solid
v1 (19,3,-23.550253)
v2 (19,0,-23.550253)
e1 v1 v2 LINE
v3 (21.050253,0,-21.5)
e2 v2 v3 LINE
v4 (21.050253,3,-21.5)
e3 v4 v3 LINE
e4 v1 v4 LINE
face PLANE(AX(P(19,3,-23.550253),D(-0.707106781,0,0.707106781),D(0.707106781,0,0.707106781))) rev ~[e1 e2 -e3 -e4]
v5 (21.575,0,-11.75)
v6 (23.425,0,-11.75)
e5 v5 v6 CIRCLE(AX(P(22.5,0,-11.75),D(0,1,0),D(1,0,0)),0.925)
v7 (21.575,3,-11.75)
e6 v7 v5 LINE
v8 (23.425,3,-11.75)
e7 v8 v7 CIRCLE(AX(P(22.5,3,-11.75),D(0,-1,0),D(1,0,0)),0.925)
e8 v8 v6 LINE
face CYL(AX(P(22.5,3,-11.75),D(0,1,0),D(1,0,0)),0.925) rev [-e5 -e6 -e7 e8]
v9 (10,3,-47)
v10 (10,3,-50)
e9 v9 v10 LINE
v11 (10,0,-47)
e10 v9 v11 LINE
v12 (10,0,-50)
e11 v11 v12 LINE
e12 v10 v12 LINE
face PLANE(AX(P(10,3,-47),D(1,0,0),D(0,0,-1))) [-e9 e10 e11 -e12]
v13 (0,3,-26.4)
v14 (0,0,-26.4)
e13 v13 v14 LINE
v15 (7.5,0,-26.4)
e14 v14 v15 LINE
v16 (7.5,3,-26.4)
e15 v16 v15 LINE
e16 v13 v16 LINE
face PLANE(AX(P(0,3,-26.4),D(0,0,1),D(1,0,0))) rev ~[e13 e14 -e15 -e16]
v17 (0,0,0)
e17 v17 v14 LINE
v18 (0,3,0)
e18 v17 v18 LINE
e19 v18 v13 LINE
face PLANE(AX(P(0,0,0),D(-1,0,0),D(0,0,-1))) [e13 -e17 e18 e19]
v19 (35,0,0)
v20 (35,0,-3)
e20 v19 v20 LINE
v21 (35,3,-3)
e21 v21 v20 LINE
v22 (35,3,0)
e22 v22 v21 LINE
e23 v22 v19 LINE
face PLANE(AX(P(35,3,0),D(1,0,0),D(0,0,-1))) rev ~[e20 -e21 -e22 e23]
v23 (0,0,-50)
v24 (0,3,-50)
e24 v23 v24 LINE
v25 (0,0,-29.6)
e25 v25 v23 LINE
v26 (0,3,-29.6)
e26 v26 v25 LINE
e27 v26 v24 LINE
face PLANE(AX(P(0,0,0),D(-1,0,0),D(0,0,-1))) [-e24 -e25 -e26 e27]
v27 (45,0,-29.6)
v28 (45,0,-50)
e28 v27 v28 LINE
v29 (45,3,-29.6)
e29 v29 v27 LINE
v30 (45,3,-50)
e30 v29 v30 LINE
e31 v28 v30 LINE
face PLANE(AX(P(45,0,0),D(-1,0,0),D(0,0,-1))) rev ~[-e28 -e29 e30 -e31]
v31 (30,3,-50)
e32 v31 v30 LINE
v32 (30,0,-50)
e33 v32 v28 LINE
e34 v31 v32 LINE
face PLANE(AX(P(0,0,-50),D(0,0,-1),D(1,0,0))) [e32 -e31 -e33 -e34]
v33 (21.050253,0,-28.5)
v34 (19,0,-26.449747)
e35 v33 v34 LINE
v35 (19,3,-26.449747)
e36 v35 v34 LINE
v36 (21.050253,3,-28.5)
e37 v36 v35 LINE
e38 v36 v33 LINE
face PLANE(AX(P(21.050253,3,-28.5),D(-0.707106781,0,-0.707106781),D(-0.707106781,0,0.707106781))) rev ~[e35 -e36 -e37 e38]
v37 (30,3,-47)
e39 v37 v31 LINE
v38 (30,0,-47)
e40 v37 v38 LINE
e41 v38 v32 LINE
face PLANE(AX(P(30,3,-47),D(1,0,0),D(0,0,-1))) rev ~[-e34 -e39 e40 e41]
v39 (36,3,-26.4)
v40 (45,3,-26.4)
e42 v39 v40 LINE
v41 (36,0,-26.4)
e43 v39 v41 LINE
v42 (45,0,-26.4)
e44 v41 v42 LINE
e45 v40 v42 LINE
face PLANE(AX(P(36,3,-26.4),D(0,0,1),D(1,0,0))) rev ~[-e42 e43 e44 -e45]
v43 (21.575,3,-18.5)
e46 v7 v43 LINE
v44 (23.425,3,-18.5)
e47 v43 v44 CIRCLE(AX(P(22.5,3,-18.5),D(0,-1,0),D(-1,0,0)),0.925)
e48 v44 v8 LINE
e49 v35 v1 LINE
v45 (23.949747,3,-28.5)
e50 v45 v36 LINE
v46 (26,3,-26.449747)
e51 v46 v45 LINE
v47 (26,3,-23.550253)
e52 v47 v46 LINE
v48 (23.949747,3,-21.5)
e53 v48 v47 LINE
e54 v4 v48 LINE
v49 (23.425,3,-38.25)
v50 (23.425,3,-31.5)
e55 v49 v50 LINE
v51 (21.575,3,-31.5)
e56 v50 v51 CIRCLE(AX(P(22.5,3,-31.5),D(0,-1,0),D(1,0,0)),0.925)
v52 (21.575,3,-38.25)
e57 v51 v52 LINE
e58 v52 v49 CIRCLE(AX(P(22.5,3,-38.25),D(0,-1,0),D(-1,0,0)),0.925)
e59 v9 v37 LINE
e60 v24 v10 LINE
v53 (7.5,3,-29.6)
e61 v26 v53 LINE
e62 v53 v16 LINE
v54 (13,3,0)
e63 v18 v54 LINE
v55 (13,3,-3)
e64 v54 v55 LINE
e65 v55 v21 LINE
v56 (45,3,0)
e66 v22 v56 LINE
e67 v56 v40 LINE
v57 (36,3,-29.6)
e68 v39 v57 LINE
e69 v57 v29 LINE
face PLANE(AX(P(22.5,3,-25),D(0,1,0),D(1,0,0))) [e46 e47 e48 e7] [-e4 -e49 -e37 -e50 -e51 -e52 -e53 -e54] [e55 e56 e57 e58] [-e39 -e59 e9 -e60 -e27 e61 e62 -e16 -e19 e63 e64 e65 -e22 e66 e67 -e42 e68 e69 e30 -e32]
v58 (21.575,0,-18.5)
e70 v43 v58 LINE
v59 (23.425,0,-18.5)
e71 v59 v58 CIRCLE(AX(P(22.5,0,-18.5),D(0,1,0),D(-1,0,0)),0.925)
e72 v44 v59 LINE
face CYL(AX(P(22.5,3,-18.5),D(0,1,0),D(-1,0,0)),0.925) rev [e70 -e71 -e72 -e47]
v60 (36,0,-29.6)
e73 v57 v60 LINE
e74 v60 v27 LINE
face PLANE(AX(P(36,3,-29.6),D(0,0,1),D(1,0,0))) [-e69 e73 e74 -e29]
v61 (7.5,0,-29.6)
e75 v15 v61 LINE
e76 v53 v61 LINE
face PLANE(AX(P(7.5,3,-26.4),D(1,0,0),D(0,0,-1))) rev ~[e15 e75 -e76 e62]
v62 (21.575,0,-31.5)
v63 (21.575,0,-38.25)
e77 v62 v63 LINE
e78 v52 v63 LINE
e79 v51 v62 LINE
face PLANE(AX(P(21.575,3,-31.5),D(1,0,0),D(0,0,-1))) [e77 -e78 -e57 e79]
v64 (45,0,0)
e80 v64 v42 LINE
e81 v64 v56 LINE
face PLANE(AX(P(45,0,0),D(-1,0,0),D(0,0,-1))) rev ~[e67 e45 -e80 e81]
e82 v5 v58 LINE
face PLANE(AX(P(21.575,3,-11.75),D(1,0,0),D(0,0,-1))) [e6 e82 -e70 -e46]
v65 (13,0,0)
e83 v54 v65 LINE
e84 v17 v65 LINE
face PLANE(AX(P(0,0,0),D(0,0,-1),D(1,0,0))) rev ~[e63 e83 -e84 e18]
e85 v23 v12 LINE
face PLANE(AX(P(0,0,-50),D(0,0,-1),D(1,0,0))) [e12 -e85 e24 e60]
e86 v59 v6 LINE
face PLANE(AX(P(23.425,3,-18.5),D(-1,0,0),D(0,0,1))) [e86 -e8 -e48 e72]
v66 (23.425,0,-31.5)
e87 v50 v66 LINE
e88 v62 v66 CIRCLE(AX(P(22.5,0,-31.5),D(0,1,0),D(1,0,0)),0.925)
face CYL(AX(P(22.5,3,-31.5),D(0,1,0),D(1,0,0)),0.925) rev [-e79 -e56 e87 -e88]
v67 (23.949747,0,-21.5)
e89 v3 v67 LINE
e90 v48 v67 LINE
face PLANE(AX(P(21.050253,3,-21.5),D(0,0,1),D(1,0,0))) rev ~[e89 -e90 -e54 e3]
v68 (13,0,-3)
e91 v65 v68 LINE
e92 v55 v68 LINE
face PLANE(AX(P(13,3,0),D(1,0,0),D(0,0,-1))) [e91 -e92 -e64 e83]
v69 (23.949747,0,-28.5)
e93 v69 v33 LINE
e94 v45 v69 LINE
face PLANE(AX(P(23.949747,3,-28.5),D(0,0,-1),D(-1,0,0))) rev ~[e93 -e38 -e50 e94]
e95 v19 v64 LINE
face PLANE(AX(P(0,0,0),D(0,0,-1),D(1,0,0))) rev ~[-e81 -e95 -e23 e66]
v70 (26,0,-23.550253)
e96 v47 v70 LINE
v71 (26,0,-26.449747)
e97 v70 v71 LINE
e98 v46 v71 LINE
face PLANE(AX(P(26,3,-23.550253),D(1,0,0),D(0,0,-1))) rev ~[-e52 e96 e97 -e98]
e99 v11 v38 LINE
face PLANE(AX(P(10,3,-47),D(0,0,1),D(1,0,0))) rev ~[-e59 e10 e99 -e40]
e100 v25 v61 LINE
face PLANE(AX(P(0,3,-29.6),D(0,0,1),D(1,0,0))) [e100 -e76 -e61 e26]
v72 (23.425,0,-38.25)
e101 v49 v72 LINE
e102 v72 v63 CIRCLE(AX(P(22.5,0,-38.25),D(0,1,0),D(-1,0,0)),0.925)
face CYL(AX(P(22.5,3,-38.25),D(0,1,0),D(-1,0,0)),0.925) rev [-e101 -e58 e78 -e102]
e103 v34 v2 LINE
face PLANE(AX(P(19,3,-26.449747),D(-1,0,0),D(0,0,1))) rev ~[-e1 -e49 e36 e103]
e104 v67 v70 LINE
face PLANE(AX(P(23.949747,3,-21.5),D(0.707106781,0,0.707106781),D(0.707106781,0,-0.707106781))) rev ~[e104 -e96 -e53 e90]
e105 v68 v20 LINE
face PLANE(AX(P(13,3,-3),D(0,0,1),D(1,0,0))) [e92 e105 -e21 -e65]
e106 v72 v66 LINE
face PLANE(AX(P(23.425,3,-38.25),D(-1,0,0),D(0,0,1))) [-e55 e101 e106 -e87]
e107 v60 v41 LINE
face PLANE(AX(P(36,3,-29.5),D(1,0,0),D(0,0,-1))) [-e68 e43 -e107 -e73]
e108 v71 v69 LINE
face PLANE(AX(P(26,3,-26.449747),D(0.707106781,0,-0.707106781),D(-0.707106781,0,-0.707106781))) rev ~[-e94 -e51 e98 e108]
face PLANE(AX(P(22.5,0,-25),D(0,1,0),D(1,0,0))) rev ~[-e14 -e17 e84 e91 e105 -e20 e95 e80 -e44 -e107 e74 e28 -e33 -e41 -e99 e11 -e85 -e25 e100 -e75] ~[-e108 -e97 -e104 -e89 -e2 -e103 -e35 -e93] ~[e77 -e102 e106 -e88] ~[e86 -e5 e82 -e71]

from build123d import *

# Parameters (mm, degrees)
SKETCH1_W           = 45
SKETCH1_H           = 50
BOSS_EXTRUDE1_DEPTH = 3
SKETCH2_W           = 20
SKETCH2_H           = 3
SKETCH2_W_2         = 22
SKETCH2_W_3         = 7.5
SKETCH2_W_4         = 9
CUT_EXTRUDE1_DEPTH  = 4
SKETCH4_W           = 7.5
SKETCH4_H           = 0.1
SKETCH4_W_2         = 9
CUT_EXTRUDE2_DEPTH  = 4


with BuildPart() as part:
    # Sketch1 → Boss-Extrude1 (new body)
    with BuildSketch(Plane(origin=(0, 0, 0), x_dir=(1, 0, 0), z_dir=(0, 1, 0))):
        with Locations((22.5, 25)):
            Rectangle(SKETCH1_W, SKETCH1_H)
    extrude(amount=BOSS_EXTRUDE1_DEPTH)

    # Sketch2 → Cut-Extrude1 (cut, through all)
    with BuildSketch(Plane(origin=(0, 3, 0), x_dir=(1, 0, 0), z_dir=(0, 1, 0))):
        with Locations((20, 48.5)):
            Rectangle(SKETCH2_W, SKETCH2_H)
        with Locations((24, 1.5)):
            Rectangle(SKETCH2_W_2, SKETCH2_H)
        with Locations((3.75, 28)):
            Rectangle(SKETCH2_W_3, SKETCH2_H)
        with Locations((40.5, 28)):
            Rectangle(SKETCH2_W_4, SKETCH2_H)
        Polygon((21.050252532, 21.5), (23.949747468, 21.5), (26, 23.550252532), (26, 26.449747468), (23.949747468, 28.5), (21.050252532, 28.5), (19, 26.449747468), (19, 23.550252532), align=None)
        with BuildLine():
            Line((21.575, 31.5), (21.575, 38.25))
            ThreePointArc((21.575, 38.25), (22.5, 39.175), (23.425, 38.25))
            Line((23.425, 38.25), (23.425, 31.5))
            ThreePointArc((23.425, 31.5), (22.5, 30.575), (21.575, 31.5))
        make_face()
        with BuildLine():
            Line((23.425, 18.5), (23.425, 11.75))
            ThreePointArc((23.425, 11.75), (22.5, 10.825), (21.575, 11.75))
            Line((21.575, 11.75), (21.575, 18.5))
            ThreePointArc((21.575, 18.5), (22.5, 19.425), (23.425, 18.5))
        make_face()
    extrude(amount=-CUT_EXTRUDE1_DEPTH, mode=Mode.SUBTRACT)

    # Sketch4 → Cut-Extrude2 (cut, through all)
    with BuildSketch(Plane(origin=(0, 3, 0), x_dir=(1, 0, 0), z_dir=(0, 1, 0))):
        with Locations((3.75, 29.55)):
            Rectangle(SKETCH4_W, SKETCH4_H)
        with Locations((3.75, 26.45)):
            Rectangle(SKETCH4_W, SKETCH4_H)
        with Locations((40.5, 26.45)):
            Rectangle(SKETCH4_W_2, SKETCH4_H)
        with Locations((40.5, 29.55)):
            Rectangle(SKETCH4_W_2, SKETCH4_H)
    extrude(amount=-CUT_EXTRUDE2_DEPTH, mode=Mode.SUBTRACT)


solid = part.part
